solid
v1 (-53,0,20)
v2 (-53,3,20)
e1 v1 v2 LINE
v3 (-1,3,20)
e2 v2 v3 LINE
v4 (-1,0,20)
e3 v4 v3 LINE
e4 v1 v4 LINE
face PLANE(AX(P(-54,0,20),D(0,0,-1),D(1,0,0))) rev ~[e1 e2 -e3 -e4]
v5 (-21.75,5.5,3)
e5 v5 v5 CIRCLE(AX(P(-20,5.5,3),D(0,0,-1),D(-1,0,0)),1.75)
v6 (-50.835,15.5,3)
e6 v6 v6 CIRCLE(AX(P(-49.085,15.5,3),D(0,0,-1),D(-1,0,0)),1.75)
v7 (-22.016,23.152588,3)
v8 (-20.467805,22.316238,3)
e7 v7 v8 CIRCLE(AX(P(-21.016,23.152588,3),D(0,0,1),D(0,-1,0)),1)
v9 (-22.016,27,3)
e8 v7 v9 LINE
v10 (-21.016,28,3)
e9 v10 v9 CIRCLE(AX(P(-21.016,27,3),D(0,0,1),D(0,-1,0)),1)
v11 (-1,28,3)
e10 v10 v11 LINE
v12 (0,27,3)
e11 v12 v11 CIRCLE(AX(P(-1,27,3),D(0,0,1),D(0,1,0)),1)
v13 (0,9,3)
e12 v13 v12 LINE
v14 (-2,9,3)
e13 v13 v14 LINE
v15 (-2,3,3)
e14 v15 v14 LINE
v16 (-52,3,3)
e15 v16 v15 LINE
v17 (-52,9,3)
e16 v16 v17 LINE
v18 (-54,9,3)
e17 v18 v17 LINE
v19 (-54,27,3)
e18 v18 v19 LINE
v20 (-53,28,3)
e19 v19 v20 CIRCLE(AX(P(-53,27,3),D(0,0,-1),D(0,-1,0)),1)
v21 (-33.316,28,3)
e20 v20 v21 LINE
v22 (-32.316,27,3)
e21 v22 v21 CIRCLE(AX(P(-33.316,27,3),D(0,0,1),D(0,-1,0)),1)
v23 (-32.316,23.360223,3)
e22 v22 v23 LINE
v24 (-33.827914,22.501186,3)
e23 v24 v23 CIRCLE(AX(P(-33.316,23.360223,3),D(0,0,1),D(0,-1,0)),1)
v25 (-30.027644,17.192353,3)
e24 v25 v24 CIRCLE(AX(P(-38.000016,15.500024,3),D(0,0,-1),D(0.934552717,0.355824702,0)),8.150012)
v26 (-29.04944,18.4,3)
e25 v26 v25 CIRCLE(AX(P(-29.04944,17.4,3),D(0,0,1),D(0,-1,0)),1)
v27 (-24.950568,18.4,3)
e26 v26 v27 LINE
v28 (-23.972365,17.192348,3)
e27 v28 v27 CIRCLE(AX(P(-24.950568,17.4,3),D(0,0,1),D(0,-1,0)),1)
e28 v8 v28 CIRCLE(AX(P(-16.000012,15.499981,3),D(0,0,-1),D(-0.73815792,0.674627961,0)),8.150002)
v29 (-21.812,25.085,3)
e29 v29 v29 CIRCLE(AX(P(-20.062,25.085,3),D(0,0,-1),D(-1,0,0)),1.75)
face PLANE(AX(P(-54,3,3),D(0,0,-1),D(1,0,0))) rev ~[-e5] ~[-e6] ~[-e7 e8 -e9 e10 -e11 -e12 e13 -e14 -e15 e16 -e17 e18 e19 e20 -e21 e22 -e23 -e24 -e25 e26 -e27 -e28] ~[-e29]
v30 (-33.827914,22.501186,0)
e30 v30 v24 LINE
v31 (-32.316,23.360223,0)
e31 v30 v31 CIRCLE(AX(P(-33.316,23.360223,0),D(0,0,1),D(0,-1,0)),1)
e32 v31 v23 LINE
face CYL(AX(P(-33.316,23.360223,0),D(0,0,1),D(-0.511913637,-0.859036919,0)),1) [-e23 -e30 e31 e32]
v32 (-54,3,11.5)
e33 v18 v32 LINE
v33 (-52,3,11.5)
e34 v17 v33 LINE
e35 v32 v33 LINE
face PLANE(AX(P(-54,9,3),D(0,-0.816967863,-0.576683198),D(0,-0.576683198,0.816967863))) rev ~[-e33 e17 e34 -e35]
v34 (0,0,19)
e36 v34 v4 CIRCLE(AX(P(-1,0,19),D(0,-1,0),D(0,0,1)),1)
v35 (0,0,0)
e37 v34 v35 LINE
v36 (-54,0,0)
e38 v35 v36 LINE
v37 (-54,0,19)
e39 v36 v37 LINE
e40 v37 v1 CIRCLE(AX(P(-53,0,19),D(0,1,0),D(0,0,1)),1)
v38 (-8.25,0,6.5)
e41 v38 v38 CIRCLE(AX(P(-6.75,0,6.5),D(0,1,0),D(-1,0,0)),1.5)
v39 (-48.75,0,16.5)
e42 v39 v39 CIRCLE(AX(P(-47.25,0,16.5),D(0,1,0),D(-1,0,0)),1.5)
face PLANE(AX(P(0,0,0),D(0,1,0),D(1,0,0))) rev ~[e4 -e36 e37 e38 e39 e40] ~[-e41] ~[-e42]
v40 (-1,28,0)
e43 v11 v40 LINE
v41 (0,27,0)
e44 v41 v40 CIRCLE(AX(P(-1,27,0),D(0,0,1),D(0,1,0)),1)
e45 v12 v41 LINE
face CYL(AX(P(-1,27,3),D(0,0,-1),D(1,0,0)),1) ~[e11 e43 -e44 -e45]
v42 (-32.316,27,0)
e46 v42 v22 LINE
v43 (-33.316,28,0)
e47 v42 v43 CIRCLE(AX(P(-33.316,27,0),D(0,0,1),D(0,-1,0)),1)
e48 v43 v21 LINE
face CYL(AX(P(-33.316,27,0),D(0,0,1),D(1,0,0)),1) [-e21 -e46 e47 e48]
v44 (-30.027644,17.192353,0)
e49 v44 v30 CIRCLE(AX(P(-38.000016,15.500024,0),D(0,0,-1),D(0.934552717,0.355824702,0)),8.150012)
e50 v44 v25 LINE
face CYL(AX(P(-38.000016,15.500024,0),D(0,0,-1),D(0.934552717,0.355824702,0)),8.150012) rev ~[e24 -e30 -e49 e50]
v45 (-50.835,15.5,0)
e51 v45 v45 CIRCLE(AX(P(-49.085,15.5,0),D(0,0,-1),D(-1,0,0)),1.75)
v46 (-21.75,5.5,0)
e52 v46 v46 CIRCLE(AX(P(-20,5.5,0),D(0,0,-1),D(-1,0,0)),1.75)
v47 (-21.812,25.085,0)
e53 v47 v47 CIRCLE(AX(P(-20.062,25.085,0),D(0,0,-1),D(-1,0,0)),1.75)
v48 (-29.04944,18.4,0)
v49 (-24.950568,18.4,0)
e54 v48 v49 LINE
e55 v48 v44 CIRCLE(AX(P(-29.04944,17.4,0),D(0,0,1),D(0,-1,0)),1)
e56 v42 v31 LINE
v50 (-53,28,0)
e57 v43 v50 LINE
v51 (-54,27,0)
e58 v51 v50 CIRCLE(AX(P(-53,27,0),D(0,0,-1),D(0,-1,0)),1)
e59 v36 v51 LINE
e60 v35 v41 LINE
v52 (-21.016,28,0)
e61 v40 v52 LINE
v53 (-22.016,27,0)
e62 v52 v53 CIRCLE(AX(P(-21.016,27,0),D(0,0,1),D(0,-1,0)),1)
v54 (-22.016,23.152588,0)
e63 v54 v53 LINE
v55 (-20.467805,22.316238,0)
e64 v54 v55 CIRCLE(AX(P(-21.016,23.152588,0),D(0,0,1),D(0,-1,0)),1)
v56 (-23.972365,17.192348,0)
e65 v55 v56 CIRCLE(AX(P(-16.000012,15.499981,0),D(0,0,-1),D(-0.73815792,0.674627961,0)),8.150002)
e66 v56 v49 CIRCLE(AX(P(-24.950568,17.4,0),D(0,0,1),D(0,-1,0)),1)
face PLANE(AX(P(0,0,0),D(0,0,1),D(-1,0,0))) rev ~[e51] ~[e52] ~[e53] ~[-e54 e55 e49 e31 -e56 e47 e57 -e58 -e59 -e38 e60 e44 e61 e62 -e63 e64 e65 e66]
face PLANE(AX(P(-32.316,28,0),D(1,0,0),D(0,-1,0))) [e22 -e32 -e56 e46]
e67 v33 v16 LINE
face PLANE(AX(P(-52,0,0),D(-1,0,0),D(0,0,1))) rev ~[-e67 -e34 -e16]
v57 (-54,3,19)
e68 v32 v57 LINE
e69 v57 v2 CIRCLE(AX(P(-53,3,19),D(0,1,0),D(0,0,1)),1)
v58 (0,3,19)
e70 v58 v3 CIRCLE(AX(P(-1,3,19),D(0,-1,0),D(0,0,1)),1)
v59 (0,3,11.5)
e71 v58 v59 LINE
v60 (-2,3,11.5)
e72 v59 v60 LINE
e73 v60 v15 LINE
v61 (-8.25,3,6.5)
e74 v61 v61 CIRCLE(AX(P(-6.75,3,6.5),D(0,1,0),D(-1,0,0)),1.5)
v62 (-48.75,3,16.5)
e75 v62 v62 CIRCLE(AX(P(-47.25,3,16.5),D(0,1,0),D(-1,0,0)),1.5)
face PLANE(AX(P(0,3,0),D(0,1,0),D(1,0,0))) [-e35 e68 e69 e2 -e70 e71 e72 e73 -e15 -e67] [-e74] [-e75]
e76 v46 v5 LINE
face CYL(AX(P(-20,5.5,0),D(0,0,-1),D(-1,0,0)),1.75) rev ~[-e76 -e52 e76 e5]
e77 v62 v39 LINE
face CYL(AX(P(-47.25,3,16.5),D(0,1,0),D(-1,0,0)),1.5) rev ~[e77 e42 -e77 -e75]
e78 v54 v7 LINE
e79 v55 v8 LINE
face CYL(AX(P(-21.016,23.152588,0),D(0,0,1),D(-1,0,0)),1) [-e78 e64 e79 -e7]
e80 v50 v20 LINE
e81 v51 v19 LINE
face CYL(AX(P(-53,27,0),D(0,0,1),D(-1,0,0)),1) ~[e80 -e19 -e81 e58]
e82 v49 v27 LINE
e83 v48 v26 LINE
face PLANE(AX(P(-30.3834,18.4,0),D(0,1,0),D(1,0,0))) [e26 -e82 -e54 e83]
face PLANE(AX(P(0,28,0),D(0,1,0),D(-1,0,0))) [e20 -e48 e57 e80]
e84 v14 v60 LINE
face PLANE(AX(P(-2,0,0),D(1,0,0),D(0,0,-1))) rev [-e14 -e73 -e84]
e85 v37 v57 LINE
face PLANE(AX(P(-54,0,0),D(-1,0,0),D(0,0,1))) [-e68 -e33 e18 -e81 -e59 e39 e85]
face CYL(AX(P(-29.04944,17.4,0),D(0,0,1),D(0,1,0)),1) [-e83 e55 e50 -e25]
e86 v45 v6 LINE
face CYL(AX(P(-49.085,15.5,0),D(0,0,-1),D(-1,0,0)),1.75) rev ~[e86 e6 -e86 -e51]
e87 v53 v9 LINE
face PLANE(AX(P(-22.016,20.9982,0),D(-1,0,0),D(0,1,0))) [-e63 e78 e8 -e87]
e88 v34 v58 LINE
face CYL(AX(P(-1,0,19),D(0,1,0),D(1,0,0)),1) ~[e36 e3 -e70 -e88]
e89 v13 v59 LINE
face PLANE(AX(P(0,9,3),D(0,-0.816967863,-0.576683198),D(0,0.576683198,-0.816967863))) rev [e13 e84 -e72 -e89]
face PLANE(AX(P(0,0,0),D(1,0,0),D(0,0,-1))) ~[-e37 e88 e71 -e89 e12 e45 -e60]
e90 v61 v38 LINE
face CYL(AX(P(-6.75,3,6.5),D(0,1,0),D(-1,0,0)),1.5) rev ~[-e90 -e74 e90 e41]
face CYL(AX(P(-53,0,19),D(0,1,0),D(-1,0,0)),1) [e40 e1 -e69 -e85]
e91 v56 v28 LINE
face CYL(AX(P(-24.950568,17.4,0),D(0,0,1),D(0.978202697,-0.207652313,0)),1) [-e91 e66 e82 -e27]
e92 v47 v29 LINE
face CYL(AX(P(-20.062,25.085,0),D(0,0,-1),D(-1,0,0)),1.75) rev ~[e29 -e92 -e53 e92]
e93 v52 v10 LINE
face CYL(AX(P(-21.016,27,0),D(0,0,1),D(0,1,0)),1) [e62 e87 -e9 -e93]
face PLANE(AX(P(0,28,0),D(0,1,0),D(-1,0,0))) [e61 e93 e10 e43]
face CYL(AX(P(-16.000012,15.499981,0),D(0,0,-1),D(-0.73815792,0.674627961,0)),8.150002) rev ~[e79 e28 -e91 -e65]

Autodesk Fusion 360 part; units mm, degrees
sketch "Sketch1" plane through (0, 0, 0) normal (0, 1, 0) x (1, 0, 0)
  line L0 (0, 0) -> (-54, 0)
  line L1 (-54, 0) -> (-54, -20)
  line L2 (-54, -20) -> (0, -20)
  line L3 (0, -20) -> (0, 0)
  dimension "d5" = 54
  dimension "d6" = 20
extrude "Extrude1" add sketch "Sketch1" along normal blind 3
sketch "Sketch2" plane through (0, 3, 0) normal (0, 1, 0) x (-1, 0, 0)
  line L0 (0, 20) -> (0, 0)
  line L1 (0, 0) -> (54, 0)
  line L2 (54, 0) -> (54, 20)
  line L3 (54, 20) -> (0, 20)
  line L4 (0, 0) -> (54, 0)
  line L5 (54, 0) -> (54, 3)
  line L6 (54, 3) -> (0, 3)
  line L7 (0, 3) -> (0, 0)
  dimension "d9" = 3
extrude "Extrude2" add sketch "Sketch2" along normal blind 25 contours L0 L1 L2 L4 L5 L6 L7
sketch "Sketch3" plane through (0, 3, 0) normal (0, 1, 0) x (-1, 0, 0)
  line L0 (0, 3) -> (54, 3)
  line L1 (54, 3) -> (54, 20)
  line L2 (54, 20) -> (0, 20)
  line L3 (0, 20) -> (0, 3)
  circle A0 centre (6.75, 6.5) radius 1.5
  circle A1 centre (47.25, 16.5) radius 1.5
  line L4 (6.75, 16.5) -> (47.25, 16.5) construction
  line L5 (47.25, 16.5) -> (47.25, 6.5) construction
  line L6 (47.25, 6.5) -> (6.75, 6.5) construction
  line L7 (6.75, 6.5) -> (6.75, 16.5) construction
  line L8 (6.75, 16.5) -> (47.25, 6.5) construction
  line L9 (47.25, 16.5) -> (6.75, 6.5) construction
  line L10 (0, 20) -> (54, 3) construction
  line L11 (54, 20) -> (0, 3) construction
  point P0 (27, 11.5)
  point P1 (27, 11.5)
  dimension "d12" = 10
  dimension "d13" = 40.5
  dimension "d16" = 3
  dimension "d17" = 3
extrude "Extrude3" cut sketch "Sketch3" against normal up to surface (3 mm away) contours A0 | A1
sketch "Sketch4" plane through (0, 0, 0) normal (0, 0, -1) x (-1, 0, 0)
  line L0 (0, 0) -> (54, 0)
  line L1 (54, 0) -> (54, 28)
  line L2 (54, 28) -> (0, 28)
  line L3 (0, 28) -> (0, 0)
  line L4 (2, 28) -> (52, 28) construction
  line L5 (52, 28) -> (52, 3) construction
  line L6 (52, 3) -> (2, 3) construction
  line L7 (2, 3) -> (2, 28) construction
  circle A0 centre (20, 5.5) radius 1.75
  circle A1 centre (49.085, 15.5) radius 1.75
  line L8 (2, 15.5) -> (52, 15.5) construction
  line L9 (22.016, 28) -> (32.316, 28)
  line L10 (32.316, 28) -> (32.316, 21.3408)
  line L11 (30.3834, 18.4) -> (23.6166, 18.4)
  line L12 (22.016, 20.9982) -> (22.016, 28)
  circle A2 centre (20.062, 25.085) radius 1.75
  arc A3 (22.016, 20.9982) -> (23.6166, 18.4) centre (16, 15.5) ccw
  arc A4 (30.3834, 18.4) -> (32.316, 21.3408) centre (38, 15.5) ccw
  point P0 (27, 28)
  dimension "d20" = 50
  dimension "d21" = 25
  dimension "d24" = 18
  dimension "d25" = 2.5
  dimension "d26" = 3.5
  dimension "d27" = 3.5
  dimension "d28" = 2.915
  dimension "d29" = 12.5
  dimension "d30" = 16.3
  dimension "d31" = 16.3
  dimension "d33" = 14
  dimension "d34" = 14
  dimension "d35" = 20.016
  dimension "d36" = 9.6
  dimension "d37" = 3.5
  dimension "d38" = 2.915
  dimension "d39" = 18.062
  dimension "d40" = 10.3
extrude "Extrude4" cut sketch "Sketch4" against normal up to surface (3 mm away) contours L2 L9 L10 L11 L12 A3 A4 | A0 | A1 | A2
sketch "Sketch5" plane through (-54, 0, 0) normal (-1, 0, 0) x (0, 0, 1)
  line L0 (0, 0) -> (20, 0)
  line L1 (20, 0) -> (20, 3)
  line L2 (20, 3) -> (3, 3)
  line L3 (3, 3) -> (3, 28)
  line L4 (3, 28) -> (0, 28)
  line L5 (0, 28) -> (0, 0)
  line L6 (3, 9) -> (11.5, 3)
  dimension "d46" = 6
extrude "Extrude5" add sketch "Sketch5" against normal blind 2 contours L2 L3 L6
ref_plane "WorkPlane1" through (-27, 14, 10) normal (-1, 0, 0) x (0, 0, 1)
fillet "Fillet1" radius 1 10 edges at (-54, 28, 1.5) (-54, 1.5, 20) (-32.316, 28, 1.5) (-32.316, 21.3408, 1.5) (-30.3834, 18.4, 1.5) (-23.6166, 18.4, 1.5) (-22.016, 20.9982, 1.5) (-22.016, 28, 1.5) (0, 28, 1.5) (0, 1.5, 20)
mirror "Mirror1" about plane through (-27, 14, 10) normal (-1, 0, 0) of "Extrude5"
equation "height_base = 20 mm"
equation "width = 54 mm"
equation "thick = 3 mm"
equation "height_sensor = 25 mm"
equation "d5 = width"
equation "d6 = height_base"
equation "d7 = thick"
equation "d9 = thick"
equation "d10 = height_sensor"
equation "d12 = height_base * 1 / 2"
equation "d13 = width * 3 / 4"
equation "screw_base = 3 mm"
equation "screw_sensor = 3.5 mm"
equation "d16 = screw_base"
equation "d17 = screw_base"
equation "d26 = screw_sensor"
equation "d27 = screw_sensor"
equation "d30 = sensor"
equation "d31 = sensor"
equation "sensor = 16.3 mm"
equation "d37 = screw_sensor"
equation "fillet = 1 mm"
equation "d51 = fillet"
